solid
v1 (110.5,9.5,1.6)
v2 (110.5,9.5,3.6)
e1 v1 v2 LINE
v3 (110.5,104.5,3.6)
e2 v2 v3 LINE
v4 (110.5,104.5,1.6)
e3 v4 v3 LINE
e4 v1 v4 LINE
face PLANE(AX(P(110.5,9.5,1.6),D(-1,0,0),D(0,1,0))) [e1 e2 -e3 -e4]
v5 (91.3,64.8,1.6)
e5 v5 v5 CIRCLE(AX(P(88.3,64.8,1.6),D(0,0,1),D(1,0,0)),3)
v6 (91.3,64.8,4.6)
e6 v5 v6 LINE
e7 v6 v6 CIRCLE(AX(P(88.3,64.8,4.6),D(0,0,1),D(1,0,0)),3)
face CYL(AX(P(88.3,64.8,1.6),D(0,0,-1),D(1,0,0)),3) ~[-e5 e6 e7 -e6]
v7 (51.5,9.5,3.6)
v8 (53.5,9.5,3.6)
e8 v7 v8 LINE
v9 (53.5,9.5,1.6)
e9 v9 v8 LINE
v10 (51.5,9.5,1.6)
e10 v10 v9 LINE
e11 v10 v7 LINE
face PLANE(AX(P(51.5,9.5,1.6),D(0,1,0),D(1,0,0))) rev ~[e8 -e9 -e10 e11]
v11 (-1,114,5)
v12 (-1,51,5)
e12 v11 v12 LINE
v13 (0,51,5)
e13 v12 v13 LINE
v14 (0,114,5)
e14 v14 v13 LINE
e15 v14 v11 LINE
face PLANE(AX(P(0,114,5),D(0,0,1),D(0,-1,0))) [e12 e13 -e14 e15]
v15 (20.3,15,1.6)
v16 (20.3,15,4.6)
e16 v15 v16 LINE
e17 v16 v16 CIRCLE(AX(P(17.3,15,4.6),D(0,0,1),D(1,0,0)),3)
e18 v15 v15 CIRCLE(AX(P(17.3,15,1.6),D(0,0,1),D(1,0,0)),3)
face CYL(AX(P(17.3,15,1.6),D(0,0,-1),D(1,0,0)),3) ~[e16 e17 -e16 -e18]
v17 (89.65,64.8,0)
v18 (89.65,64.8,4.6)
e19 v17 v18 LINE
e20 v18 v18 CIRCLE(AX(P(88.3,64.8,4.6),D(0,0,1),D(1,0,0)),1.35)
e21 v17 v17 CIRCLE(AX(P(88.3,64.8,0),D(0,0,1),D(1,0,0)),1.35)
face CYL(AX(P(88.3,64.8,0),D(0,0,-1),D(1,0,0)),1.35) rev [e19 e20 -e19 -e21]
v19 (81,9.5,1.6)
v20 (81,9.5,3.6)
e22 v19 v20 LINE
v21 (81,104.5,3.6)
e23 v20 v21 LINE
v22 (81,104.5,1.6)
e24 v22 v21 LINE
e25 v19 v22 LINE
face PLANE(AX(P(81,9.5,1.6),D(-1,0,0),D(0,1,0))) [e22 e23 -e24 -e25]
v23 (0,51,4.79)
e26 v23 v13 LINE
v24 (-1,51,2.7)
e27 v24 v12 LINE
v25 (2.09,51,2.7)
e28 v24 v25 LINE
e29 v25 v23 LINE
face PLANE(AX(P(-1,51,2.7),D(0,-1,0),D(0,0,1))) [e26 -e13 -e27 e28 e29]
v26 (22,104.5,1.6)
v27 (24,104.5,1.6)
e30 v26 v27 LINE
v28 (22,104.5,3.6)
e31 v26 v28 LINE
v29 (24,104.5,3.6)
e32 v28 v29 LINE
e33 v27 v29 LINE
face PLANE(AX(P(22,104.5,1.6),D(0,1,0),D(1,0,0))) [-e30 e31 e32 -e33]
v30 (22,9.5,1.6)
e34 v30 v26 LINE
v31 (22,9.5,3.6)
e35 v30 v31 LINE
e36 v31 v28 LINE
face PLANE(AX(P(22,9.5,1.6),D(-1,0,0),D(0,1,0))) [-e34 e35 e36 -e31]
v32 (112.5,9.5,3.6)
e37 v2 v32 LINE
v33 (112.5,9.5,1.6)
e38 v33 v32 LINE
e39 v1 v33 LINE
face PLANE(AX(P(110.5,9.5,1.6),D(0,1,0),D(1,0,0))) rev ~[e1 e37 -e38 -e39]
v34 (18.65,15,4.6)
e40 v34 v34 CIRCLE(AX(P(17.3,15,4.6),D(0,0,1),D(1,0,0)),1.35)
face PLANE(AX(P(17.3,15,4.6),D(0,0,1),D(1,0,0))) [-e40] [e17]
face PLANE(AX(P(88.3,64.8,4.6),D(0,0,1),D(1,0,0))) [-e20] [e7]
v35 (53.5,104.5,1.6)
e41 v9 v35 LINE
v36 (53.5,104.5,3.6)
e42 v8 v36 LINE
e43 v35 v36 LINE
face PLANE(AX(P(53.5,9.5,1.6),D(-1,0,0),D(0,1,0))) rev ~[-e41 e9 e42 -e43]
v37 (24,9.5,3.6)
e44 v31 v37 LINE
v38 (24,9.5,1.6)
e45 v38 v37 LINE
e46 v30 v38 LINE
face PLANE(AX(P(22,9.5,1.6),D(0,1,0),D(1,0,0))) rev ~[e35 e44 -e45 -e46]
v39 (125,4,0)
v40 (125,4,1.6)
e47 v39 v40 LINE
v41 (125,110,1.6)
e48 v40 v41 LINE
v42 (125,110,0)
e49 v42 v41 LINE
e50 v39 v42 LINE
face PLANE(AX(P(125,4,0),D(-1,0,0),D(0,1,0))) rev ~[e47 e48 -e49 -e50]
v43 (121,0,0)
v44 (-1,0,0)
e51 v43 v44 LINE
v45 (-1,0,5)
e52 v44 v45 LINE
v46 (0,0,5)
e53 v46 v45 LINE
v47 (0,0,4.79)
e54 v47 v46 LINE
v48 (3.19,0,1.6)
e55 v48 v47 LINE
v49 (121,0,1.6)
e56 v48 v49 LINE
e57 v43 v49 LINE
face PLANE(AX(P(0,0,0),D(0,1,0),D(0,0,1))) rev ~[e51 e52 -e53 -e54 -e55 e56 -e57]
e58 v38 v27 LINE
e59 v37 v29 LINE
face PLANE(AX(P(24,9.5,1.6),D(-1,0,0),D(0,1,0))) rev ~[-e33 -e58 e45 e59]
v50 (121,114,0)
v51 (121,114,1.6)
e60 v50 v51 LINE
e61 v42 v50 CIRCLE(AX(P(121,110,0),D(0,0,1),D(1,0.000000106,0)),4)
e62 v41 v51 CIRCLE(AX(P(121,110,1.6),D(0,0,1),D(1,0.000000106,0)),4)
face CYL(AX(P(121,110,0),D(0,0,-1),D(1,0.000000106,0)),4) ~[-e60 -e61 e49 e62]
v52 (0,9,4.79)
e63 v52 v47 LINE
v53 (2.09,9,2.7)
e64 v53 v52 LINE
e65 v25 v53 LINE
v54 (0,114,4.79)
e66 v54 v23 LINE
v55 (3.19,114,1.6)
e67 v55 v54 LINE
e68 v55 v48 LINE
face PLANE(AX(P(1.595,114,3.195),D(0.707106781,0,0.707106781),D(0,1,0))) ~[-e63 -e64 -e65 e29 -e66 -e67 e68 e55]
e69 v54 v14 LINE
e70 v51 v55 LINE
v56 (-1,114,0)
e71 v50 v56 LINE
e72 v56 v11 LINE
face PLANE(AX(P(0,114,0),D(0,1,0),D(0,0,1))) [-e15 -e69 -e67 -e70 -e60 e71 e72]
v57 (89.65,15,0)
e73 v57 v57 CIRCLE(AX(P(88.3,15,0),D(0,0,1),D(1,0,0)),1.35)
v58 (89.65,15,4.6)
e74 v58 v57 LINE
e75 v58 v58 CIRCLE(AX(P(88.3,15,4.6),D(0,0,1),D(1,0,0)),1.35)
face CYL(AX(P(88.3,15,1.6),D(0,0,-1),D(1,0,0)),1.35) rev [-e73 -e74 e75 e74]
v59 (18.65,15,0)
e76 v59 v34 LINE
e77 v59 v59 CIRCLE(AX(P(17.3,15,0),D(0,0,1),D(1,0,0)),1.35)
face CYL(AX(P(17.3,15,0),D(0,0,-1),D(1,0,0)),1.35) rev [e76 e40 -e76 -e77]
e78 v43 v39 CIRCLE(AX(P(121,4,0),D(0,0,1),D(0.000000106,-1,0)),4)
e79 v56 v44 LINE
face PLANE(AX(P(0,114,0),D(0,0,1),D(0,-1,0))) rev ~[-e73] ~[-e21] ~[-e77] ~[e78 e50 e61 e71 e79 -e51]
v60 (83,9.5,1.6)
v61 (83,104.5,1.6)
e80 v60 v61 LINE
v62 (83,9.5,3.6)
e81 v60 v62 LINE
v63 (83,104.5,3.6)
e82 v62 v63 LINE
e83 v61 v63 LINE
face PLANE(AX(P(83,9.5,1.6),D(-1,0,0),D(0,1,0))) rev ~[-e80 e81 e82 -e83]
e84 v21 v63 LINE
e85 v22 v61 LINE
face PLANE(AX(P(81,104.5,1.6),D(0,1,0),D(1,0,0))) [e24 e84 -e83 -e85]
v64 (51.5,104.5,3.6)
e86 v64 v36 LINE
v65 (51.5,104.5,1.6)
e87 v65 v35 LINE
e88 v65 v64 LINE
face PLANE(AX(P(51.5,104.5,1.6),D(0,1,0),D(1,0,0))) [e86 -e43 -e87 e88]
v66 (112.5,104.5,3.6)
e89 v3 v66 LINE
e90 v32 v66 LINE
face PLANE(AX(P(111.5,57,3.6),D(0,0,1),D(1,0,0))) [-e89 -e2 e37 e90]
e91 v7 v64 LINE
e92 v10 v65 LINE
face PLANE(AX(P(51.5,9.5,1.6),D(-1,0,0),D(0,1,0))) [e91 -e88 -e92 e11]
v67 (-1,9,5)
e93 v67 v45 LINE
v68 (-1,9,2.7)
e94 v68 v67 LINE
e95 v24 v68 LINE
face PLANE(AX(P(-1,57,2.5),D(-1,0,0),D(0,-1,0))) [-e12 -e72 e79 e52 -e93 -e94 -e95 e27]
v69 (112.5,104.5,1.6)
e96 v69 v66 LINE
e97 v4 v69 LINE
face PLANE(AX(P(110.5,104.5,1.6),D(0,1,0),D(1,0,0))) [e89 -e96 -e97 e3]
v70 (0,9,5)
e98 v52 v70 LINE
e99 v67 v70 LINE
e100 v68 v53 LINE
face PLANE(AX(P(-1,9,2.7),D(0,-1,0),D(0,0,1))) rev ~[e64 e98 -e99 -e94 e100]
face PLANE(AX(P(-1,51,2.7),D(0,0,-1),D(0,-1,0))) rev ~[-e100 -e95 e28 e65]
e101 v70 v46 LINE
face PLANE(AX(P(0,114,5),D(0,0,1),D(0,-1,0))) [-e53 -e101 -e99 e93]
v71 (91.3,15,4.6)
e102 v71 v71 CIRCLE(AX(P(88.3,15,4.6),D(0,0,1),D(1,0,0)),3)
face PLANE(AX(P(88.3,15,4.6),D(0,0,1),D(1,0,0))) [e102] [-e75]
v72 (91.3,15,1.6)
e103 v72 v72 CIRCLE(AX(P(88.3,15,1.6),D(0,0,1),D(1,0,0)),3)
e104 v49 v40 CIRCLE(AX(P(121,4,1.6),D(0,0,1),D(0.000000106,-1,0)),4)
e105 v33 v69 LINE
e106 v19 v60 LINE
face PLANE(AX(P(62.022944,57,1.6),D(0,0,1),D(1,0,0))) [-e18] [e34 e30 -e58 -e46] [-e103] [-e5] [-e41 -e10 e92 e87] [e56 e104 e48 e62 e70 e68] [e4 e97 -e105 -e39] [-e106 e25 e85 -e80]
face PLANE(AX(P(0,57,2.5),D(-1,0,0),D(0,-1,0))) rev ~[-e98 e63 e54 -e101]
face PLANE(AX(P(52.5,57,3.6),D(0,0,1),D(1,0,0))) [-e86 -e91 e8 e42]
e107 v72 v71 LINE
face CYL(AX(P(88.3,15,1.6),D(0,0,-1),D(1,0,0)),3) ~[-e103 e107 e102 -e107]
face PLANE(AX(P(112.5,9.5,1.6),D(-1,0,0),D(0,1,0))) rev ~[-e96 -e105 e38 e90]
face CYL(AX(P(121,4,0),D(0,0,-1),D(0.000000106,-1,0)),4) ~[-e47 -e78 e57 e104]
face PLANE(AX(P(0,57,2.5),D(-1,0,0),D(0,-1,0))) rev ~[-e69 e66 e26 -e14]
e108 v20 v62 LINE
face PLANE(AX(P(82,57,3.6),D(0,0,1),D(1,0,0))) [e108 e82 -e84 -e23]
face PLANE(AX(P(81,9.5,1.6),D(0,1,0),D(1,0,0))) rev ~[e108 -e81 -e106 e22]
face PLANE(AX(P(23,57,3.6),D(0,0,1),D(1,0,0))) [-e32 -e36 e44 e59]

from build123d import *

# Parameters (mm, degrees)
SKETCH_R      = 1.35
PAD_DEPTH     = 1.6
SKETCH001_R   = 3
SKETCH001_R_2 = 1.35
PAD001_DEPTH  = 3
SKETCH002_W   = 2
SKETCH002_H   = 95
PAD002_DEPTH  = 2
SKETCH003_W   = 114
SKETCH003_H   = 5
PAD003_DEPTH  = 1
CHAMFER_SIZE  = 3.19
SKETCH004_W   = 42
SKETCH004_H   = 2.3
POCKET_DEPTH  = 5


with BuildPart() as part:
    # Sketch → Pad (new body)
    with BuildSketch(Plane.XY):
        with BuildLine():
            Line((0, 0), (121, 0))
            ThreePointArc((121, 0), (123.828427, 1.171573), (125, 4))
            Line((125, 4), (125, 110))
            ThreePointArc((125, 110), (123.828427, 112.828427), (121, 114))
            Line((121, 114), (0, 114))
            Line((0, 114), (0, 0))
        make_face()
        with Locations((17.3, 15)):
            Circle(SKETCH_R, mode=Mode.SUBTRACT)
        with Locations((88.3, 64.8)):
            Circle(SKETCH_R, mode=Mode.SUBTRACT)
        with Locations((88.3, 15)):
            Circle(SKETCH_R, mode=Mode.SUBTRACT)
    extrude(amount=PAD_DEPTH)

    # Sketch001 (on Face11 of Pad) → Pad001 (join)
    with BuildSketch(Plane.XY.offset(1.6)):
        with Locations((88.3, 15)):
            Circle(SKETCH001_R)
        with Locations((88.3, 15)):
            Circle(SKETCH001_R_2, mode=Mode.SUBTRACT)
        with Locations((88.3, 64.8)):
            Circle(SKETCH001_R)
        with Locations((88.3, 64.8)):
            Circle(SKETCH001_R_2, mode=Mode.SUBTRACT)
        with Locations((17.3, 15)):
            Circle(SKETCH001_R)
        with Locations((17.3, 15)):
            Circle(SKETCH001_R_2, mode=Mode.SUBTRACT)
    extrude(amount=PAD001_DEPTH)

    # Sketch002 (on Face5 of Pad001) → Pad002 (join)
    with BuildSketch(Plane.XY.offset(1.6)):
        with Locations((23, 57)):
            Rectangle(SKETCH002_W, SKETCH002_H)
        with Locations((52.5, 57)):
            Rectangle(SKETCH002_W, SKETCH002_H)
        with Locations((82, 57)):
            Rectangle(SKETCH002_W, SKETCH002_H)
        with Locations((111.5, 57)):
            Rectangle(SKETCH002_W, SKETCH002_H)
    extrude(amount=PAD002_DEPTH)

    # Sketch003 (on Face2 of Pad002) → Pad003 (join)
    with BuildSketch(Plane(origin=(0, 0, 0), x_dir=(0, -1, 0), z_dir=(-1, 0, 0))):
        with Locations((-57, 2.5)):
            Rectangle(SKETCH003_W, SKETCH003_H)
    extrude(amount=PAD003_DEPTH)

    # Chamfer
    chamfer_edges = [part.edges().sort_by_distance(p)[0] for p in [
        (0, 57, 1.6),
    ]]
    chamfer(chamfer_edges, length=CHAMFER_SIZE)

    # Sketch004 (on Face31 of Chamfer) → Pocket (cut)
    with BuildSketch(Plane(origin=(-1, 0, 0), x_dir=(0, -1, 0), z_dir=(-1, 0, 0))):
        with Locations((-30, 3.85)):
            Rectangle(SKETCH004_W, SKETCH004_H)
    extrude(amount=-POCKET_DEPTH, mode=Mode.SUBTRACT)


solid = part.part
